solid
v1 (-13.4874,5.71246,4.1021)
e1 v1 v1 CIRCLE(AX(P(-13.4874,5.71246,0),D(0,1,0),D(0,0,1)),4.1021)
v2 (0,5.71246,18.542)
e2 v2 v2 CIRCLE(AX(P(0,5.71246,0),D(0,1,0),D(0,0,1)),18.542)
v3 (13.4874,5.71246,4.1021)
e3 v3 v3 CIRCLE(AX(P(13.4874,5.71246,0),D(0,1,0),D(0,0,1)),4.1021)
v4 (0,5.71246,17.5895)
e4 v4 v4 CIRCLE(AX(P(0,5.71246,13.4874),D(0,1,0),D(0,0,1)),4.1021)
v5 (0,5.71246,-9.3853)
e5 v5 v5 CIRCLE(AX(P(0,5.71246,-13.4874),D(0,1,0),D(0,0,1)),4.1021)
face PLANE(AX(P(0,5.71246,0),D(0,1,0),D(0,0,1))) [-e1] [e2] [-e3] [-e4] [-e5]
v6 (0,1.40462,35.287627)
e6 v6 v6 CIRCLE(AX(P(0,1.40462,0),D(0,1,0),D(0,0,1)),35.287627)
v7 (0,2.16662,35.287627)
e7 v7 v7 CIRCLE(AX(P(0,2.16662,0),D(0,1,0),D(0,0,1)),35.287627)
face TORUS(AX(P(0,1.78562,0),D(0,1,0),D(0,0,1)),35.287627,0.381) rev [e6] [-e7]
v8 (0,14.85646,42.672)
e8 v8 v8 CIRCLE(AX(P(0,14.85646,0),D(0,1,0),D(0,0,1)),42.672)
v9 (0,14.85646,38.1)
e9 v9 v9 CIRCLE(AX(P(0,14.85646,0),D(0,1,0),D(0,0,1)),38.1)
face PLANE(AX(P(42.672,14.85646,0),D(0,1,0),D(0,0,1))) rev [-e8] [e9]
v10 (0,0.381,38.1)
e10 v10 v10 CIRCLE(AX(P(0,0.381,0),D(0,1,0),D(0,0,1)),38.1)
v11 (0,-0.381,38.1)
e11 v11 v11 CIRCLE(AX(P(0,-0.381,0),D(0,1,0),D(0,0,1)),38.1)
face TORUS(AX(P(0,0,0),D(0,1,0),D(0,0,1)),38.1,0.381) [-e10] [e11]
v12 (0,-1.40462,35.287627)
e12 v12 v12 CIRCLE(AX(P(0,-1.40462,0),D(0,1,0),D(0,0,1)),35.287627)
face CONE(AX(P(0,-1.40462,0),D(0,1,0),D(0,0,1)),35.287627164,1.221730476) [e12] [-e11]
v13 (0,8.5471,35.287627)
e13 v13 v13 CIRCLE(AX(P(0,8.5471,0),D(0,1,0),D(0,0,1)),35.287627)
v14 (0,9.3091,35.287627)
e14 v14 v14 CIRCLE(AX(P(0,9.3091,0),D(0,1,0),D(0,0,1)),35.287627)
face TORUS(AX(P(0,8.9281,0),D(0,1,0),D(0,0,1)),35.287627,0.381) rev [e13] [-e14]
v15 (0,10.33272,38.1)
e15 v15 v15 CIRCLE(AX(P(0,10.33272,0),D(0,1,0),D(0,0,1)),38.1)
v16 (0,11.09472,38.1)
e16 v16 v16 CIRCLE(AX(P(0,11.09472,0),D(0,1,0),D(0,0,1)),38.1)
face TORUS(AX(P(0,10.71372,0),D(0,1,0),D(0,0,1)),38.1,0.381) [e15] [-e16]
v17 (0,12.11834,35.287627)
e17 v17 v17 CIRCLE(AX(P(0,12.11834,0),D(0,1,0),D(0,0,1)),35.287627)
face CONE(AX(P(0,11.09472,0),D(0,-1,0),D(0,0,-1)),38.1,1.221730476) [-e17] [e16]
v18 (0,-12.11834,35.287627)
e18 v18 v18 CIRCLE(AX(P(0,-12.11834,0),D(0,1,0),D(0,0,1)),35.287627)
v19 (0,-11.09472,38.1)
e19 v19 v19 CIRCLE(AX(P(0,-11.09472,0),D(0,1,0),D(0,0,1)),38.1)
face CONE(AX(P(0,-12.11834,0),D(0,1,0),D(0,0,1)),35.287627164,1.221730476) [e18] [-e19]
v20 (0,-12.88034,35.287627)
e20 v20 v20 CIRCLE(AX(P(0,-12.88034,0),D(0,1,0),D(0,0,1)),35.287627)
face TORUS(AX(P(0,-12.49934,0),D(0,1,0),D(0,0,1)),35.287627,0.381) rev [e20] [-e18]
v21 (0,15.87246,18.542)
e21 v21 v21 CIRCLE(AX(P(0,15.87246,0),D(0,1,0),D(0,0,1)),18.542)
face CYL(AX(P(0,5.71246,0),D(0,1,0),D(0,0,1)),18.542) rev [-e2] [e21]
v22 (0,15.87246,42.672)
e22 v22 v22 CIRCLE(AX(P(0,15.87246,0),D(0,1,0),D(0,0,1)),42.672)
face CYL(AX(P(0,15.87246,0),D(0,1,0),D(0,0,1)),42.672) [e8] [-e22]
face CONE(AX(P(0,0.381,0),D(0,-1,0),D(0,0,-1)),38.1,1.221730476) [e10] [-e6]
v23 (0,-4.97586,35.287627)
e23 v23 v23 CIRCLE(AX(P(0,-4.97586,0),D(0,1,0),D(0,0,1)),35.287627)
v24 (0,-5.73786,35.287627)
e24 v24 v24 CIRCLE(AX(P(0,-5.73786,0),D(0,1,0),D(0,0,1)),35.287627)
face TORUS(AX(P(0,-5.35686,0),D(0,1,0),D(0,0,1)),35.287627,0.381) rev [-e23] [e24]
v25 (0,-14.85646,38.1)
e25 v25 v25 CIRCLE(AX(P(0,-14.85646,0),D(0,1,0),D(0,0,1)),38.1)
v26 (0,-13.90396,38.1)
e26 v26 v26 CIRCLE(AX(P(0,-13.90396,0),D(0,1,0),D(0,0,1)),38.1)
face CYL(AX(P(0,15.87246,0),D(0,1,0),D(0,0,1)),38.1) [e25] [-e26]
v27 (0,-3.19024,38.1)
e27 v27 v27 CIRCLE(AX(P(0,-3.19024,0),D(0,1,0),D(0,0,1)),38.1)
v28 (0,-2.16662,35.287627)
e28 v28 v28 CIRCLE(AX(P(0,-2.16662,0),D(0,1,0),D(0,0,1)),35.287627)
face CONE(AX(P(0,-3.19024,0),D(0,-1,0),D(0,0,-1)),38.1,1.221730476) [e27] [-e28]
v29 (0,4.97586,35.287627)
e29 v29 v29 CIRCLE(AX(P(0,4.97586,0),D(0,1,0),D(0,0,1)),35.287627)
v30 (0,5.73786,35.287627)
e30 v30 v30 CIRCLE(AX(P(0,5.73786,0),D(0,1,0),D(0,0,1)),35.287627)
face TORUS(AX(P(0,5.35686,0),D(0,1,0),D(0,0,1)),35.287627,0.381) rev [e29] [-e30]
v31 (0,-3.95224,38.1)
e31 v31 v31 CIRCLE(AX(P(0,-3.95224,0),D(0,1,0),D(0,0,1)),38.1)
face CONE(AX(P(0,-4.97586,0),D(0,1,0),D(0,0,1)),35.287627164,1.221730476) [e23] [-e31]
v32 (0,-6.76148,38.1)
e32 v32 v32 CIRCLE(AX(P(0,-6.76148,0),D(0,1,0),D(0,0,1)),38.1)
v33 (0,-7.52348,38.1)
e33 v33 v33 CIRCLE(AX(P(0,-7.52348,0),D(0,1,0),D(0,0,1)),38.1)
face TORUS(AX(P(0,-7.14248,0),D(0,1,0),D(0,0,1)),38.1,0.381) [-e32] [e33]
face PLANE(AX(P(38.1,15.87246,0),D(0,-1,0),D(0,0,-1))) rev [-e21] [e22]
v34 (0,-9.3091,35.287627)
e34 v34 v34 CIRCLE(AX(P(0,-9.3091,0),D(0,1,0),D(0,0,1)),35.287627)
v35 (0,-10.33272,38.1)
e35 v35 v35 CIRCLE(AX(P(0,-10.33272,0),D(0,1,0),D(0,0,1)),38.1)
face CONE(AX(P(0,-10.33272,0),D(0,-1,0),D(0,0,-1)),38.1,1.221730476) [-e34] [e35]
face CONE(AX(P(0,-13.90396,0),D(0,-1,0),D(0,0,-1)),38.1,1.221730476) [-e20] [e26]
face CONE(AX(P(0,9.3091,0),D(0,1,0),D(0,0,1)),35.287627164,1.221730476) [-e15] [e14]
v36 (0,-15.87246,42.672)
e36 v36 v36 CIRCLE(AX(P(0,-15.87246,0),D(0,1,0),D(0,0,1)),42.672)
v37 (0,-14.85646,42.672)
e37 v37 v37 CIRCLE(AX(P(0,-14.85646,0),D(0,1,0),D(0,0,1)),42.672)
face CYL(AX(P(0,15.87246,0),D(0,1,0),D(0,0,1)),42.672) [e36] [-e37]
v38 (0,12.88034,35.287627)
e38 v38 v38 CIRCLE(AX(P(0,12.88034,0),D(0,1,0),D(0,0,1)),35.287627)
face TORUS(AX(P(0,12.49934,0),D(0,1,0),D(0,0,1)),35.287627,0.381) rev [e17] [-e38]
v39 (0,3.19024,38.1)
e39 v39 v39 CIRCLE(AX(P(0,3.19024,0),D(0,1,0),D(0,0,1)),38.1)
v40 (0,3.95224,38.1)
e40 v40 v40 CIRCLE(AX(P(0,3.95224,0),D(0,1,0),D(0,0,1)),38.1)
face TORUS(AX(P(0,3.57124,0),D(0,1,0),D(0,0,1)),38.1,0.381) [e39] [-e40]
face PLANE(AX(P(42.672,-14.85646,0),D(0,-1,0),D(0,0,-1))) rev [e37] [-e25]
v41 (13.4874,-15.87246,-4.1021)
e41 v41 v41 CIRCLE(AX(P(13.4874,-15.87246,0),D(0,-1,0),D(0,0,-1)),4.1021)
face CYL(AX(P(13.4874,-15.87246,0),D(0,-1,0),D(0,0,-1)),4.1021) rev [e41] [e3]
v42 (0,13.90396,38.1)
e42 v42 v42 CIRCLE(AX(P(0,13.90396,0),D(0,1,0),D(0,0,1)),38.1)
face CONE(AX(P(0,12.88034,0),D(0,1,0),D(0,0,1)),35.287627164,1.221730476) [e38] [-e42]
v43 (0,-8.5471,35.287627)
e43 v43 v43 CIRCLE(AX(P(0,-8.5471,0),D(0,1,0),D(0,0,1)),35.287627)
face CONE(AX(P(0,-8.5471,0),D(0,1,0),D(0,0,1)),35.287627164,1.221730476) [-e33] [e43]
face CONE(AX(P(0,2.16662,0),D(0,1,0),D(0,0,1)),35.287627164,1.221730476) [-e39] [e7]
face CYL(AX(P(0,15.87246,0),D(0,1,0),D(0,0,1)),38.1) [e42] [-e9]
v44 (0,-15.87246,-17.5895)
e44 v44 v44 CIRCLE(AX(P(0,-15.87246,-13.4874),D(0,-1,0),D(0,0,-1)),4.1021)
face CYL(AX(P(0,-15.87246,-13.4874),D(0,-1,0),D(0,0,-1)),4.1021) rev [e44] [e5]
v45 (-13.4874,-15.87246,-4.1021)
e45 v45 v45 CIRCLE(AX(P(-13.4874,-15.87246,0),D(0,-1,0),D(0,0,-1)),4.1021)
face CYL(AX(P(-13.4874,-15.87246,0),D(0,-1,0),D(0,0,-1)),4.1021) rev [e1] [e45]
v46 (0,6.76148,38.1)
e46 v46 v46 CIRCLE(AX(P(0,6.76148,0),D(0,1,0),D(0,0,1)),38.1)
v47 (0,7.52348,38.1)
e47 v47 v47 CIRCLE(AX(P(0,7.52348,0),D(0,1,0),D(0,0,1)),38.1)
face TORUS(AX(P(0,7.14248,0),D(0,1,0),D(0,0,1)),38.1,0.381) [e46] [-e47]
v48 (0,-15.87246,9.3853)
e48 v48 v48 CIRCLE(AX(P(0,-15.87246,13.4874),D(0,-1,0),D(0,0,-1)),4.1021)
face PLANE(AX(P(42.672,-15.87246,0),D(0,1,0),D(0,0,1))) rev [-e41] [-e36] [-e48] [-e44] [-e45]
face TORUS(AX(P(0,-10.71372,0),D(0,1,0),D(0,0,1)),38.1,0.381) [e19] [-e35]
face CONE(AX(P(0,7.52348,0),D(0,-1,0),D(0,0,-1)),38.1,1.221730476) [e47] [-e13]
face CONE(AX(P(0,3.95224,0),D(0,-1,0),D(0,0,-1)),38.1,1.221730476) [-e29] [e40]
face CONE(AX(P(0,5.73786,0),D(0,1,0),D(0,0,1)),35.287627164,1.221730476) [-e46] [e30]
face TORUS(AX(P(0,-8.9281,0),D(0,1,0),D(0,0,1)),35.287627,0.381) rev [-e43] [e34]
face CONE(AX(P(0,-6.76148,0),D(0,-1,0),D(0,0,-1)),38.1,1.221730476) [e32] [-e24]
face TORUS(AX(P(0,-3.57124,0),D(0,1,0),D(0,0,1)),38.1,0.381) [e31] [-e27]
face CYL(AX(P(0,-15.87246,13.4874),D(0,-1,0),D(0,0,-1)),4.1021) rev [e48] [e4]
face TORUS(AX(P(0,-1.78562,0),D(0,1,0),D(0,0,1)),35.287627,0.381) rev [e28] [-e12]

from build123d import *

# Parameters (mm, degrees)
SKETCH2_R                = 18.542
CUT_EXTRUDE1_DEPTH       = 10.16
F_5_16_CLEARANCE_HOLE1_D = 8.2042
CIRPATTERN1_COUNT        = 4


with BuildPart() as part:
    # Sketch1 → Revolve1 (revolve)
    with BuildSketch(Plane.XY):
        with BuildLine():
            Line((38.1, 13.90396), (38.1, 14.85646))
            Line((38.1, 14.85646), (42.672, 14.85646))
            Line((42.672, 14.85646), (42.672, 15.87246))
            Line((42.672, 15.87246), (38.1, 15.87246))
            Line((38.1, 15.87246), (0, 15.87246))
            Line((0, 15.87246), (0, -15.87246))
            Line((0, -15.87246), (38.1, -15.87246))
            Line((38.1, -15.87246), (42.672, -15.87246))
            Line((42.672, -15.87246), (42.672, -14.85646))
            Line((42.672, -14.85646), (38.1, -14.85646))
            Line((38.1, -14.85646), (38.1, -13.90396))
            Line((38.1, -13.90396), (35.287627164, -12.88034))
            ThreePointArc((35.287627164, -12.88034), (34.906627164, -12.49934), (35.287627164, -12.11834))
            Line((35.287627164, -12.11834), (38.1, -11.09472))
            ThreePointArc((38.1, -11.09472), (38.481, -10.71372), (38.1, -10.33272))
            Line((38.1, -10.33272), (35.287627164, -9.3091))
            ThreePointArc((35.287627164, -9.3091), (34.906627164, -8.9281), (35.287627164, -8.5471))
            Line((35.287627164, -8.5471), (38.1, -7.52348))
            ThreePointArc((38.1, -7.52348), (38.481, -7.14248), (38.1, -6.76148))
            Line((38.1, -6.76148), (35.287627164, -5.73786))
            ThreePointArc((35.287627164, -5.73786), (34.906627164, -5.35686), (35.287627164, -4.97586))
            Line((35.287627164, -4.97586), (38.1, -3.95224))
            ThreePointArc((38.1, -3.95224), (38.481, -3.57124), (38.1, -3.19024))
            Line((38.1, -3.19024), (35.287627164, -2.16662))
            ThreePointArc((35.287627164, -2.16662), (34.906627164, -1.78562), (35.287627164, -1.40462))
            Line((35.287627164, -1.40462), (38.1, -0.381))
            ThreePointArc((38.1, -0.381), (38.481, 0), (38.1, 0.381))
            Line((38.1, 0.381), (35.287627164, 1.40462))
            ThreePointArc((35.287627164, 1.40462), (34.906627164, 1.78562), (35.287627164, 2.16662))
            Line((35.287627164, 2.16662), (38.1, 3.19024))
            ThreePointArc((38.1, 3.19024), (38.481, 3.57124), (38.1, 3.95224))
            Line((38.1, 3.95224), (35.287627164, 4.97586))
            ThreePointArc((35.287627164, 4.97586), (34.906627164, 5.35686), (35.287627164, 5.73786))
            Line((35.287627164, 5.73786), (38.1, 6.76148))
            ThreePointArc((38.1, 6.76148), (38.481, 7.14248), (38.1, 7.52348))
            Line((38.1, 7.52348), (35.287627164, 8.5471))
            ThreePointArc((35.287627164, 8.5471), (34.906627164, 8.9281), (35.287627164, 9.3091))
            Line((35.287627164, 9.3091), (38.1, 10.33272))
            ThreePointArc((38.1, 10.33272), (38.481, 10.71372), (38.1, 11.09472))
            Line((38.1, 11.09472), (35.287627164, 12.11834))
            ThreePointArc((35.287627164, 12.11834), (34.906627164, 12.49934), (35.287627164, 12.88034))
            Line((35.287627164, 12.88034), (38.1, 13.90396))
        make_face()
    revolve(axis=Axis((0, 15.87246, 0), (0, -1, 0)))

    # Sketch2 → Cut-Extrude1 (cut)
    with BuildSketch(Plane(origin=(0, 15.87246, 0), x_dir=(1, 0, 0), z_dir=(0, 1, 0))):
        Circle(SKETCH2_R)
    extrude(amount=-CUT_EXTRUDE1_DEPTH, mode=Mode.SUBTRACT)

    # 5/16 Clearance Hole1 (through all)
    with Locations(Plane.XZ.offset(15.87246)):
        with Locations((0, -13.4874)):
            f_5_16_clearance_hole1 = Hole(F_5_16_CLEARANCE_HOLE1_D / 2)

    # CirPattern1: 5/16 Clearance Hole1 ×4 about axis
    cirpattern1_axis = Axis((0, 0, 0), (0, 1, 0))
    for i in range(1, CIRPATTERN1_COUNT):
        add(f_5_16_clearance_hole1.rotate(cirpattern1_axis, i * 360 / CIRPATTERN1_COUNT), mode=Mode.SUBTRACT)


solid = part.part
